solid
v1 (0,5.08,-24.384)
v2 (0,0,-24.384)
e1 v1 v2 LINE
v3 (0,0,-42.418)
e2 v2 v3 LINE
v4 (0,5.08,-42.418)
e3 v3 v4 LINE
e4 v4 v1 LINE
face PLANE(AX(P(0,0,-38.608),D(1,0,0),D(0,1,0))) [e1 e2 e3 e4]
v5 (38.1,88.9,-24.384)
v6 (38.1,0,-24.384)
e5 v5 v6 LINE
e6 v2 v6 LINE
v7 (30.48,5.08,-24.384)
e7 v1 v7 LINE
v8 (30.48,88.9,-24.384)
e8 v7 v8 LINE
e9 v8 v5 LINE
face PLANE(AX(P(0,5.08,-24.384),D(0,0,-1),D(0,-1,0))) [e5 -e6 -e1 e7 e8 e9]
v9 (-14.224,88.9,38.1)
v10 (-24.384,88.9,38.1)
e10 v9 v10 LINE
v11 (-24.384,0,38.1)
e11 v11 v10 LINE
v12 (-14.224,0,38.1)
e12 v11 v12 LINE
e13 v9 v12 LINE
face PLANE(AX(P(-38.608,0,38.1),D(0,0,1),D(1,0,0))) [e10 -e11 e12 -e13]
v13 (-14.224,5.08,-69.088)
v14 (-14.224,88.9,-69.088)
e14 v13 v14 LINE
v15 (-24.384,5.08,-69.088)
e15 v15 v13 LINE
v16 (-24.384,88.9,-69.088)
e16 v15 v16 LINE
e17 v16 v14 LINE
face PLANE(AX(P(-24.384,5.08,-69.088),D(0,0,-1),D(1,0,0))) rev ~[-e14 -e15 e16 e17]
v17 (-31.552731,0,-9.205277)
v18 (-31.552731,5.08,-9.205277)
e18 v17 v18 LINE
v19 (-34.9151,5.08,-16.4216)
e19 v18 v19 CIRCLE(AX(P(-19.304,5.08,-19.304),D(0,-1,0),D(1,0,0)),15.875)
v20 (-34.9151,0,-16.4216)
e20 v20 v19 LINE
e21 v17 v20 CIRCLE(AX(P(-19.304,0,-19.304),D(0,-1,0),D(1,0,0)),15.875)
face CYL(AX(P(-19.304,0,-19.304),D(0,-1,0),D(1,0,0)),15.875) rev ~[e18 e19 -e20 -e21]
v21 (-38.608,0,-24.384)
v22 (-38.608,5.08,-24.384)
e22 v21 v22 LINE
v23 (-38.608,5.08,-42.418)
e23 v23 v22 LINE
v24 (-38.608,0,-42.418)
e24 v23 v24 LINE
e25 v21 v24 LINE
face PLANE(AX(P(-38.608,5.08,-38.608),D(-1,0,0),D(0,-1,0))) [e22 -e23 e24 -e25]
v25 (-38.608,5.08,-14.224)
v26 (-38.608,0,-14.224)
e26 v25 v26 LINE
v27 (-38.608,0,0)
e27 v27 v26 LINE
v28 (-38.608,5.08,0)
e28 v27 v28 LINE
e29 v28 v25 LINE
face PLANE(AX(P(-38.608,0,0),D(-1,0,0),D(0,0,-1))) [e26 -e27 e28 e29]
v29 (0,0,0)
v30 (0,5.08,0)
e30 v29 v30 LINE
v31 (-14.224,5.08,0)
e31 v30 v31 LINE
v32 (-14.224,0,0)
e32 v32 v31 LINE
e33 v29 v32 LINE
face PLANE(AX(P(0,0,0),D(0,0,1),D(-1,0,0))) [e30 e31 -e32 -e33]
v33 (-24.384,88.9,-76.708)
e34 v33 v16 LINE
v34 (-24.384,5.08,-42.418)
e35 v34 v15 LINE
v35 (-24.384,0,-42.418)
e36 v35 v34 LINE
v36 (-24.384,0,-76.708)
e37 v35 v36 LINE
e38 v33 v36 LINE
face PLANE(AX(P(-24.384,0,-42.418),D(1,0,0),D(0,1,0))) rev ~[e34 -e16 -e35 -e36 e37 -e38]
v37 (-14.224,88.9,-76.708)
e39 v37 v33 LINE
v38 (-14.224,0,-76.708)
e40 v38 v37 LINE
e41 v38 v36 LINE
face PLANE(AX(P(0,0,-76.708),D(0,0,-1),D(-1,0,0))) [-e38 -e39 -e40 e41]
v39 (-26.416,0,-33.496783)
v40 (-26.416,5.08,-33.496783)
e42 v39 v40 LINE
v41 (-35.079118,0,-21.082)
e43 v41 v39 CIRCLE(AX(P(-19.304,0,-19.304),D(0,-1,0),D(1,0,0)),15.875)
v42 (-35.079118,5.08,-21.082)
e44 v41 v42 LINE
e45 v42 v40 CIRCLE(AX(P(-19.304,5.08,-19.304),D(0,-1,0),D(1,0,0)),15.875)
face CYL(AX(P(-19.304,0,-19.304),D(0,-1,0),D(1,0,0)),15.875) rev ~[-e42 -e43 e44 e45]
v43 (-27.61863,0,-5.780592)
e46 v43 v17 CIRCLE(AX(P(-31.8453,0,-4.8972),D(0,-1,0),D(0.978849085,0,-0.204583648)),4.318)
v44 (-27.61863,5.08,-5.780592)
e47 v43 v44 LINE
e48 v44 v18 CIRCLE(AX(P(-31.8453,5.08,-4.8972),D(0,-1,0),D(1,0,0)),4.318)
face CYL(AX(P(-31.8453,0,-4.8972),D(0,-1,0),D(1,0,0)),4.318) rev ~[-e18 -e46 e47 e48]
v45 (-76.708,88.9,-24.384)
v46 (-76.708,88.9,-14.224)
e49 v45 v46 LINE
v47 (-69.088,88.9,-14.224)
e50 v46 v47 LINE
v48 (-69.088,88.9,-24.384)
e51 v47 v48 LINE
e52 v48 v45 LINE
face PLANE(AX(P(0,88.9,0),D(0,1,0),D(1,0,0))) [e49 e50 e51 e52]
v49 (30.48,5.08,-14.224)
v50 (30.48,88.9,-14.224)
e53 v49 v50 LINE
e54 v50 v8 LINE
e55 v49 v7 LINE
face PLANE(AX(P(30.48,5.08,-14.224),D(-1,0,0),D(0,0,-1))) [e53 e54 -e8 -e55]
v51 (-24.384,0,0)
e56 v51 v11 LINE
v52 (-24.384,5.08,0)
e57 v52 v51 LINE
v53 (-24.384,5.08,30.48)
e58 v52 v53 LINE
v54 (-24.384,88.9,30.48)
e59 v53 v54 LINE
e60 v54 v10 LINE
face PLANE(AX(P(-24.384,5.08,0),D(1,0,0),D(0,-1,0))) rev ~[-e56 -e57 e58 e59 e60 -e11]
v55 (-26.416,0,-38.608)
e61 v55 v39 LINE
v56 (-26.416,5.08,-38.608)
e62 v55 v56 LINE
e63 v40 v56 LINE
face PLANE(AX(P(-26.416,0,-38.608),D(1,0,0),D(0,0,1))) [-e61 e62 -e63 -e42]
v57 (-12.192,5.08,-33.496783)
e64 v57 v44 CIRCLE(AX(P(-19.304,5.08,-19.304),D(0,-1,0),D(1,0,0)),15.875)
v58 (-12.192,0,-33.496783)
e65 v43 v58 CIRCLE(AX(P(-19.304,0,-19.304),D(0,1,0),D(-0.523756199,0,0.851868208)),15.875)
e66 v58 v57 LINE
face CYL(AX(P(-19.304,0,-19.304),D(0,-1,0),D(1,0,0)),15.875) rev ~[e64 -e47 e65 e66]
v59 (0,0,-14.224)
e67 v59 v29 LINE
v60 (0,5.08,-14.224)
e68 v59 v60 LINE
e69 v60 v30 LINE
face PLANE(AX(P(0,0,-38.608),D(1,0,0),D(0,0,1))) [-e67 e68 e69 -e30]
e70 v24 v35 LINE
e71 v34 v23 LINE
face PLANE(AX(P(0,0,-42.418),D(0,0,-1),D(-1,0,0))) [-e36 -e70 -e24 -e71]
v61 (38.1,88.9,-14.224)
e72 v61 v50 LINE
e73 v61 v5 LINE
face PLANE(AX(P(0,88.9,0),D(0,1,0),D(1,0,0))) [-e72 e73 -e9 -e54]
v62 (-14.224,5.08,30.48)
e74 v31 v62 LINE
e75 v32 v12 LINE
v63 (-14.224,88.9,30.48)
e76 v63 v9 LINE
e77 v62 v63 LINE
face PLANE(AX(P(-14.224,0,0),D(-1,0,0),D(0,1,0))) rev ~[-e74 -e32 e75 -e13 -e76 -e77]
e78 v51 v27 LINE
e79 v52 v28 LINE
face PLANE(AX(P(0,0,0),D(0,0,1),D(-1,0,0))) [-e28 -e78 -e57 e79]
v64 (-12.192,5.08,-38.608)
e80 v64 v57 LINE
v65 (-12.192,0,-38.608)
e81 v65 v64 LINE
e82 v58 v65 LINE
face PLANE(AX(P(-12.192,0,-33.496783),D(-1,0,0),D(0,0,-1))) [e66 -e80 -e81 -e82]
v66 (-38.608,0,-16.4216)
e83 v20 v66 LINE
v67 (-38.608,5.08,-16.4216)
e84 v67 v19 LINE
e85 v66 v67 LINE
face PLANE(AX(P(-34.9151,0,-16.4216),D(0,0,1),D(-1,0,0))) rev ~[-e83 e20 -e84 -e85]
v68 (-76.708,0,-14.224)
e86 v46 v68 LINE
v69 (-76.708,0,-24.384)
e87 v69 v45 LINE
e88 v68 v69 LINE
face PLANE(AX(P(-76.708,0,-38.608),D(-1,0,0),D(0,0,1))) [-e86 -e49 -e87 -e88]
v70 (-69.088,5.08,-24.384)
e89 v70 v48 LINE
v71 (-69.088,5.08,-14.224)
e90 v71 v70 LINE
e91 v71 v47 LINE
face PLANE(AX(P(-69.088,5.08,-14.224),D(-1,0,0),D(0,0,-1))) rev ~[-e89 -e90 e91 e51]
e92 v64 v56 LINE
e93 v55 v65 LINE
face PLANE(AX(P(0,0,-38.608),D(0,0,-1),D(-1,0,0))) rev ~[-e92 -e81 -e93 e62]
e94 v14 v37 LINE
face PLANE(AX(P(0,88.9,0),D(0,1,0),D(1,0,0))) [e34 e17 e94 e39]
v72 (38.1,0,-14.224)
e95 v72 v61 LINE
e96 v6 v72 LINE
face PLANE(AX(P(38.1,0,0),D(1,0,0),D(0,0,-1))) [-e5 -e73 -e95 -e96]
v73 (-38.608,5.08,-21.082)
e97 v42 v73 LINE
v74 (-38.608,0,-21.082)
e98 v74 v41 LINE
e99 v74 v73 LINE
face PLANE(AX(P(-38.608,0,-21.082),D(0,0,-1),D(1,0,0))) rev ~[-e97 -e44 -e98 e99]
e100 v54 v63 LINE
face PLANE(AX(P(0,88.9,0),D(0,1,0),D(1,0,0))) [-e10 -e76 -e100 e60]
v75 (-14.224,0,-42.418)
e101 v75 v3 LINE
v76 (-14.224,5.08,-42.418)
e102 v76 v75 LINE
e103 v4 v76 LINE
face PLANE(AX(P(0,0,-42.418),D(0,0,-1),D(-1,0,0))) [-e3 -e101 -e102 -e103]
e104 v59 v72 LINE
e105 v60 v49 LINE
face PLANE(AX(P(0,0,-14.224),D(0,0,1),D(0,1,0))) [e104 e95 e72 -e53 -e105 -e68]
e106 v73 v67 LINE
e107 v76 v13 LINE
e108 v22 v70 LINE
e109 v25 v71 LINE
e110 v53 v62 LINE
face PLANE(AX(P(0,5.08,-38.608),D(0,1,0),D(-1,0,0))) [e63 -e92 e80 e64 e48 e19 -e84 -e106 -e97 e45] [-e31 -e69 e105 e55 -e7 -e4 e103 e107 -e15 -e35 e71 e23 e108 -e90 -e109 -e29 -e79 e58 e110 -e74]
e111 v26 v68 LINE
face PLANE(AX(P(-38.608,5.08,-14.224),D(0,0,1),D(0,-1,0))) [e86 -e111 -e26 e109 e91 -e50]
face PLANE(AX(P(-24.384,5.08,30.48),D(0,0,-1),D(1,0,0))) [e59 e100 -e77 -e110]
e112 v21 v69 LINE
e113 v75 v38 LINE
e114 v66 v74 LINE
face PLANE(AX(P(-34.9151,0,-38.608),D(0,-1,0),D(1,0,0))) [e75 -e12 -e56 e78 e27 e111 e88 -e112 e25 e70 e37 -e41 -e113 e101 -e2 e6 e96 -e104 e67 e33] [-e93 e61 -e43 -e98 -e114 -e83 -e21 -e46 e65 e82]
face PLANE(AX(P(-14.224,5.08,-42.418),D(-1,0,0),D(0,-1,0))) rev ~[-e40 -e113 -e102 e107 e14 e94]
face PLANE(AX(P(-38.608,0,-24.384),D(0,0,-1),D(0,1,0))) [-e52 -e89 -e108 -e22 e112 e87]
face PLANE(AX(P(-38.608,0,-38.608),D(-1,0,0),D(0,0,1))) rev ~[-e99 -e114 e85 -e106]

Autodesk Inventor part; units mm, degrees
ref_plane "YZ Plane" through (0, 0, 0) normal (1, 0, 0) x (0, 1, 0)
ref_plane "XZ Plane" through (0, 0, 0) normal (0, 1, 0) x (-1, 0, 0)
ref_plane "XY Plane" through (0, 0, 0) normal (0, 0, 1) x (1, 0, 0)
sketch "Sketch1" plane through (0, 0, 0) normal (0, 1, 0) x (-1, 0, 0)
  line L0 (0, 0) -> (38.608, 0)
  line L1 (38.608, 0) -> (38.608, -38.608)
  line L2 (38.608, -38.608) -> (0, -38.608)
  line L3 (0, -38.608) -> (0, 0)
  dimension "d0" = 38.608
  dimension "d1" = 38.608
extrude "Extrusion1" add sketch "Sketch1" along normal blind 5.08
sketch "Sketch2" plane through (0, 0, 0) normal (0, -1, 0) x (1, 0, 0)
  line L0 (-38.608, 0) -> (0, 0) projected
  circle A0 centre (-19.304, -19.304) radius 15.875
  line L1 (-38.608, -38.608) -> (-38.608, 0) projected
  line L2 (-38.608, -19.304) -> (-38.608, -21.082)
  line L3 (-38.608, -21.082) -> (-34.9151, -21.082)
  line L4 (-34.9151, -21.082) -> (-34.9151, -16.4216)
  line L5 (-34.9151, -16.4216) -> (-38.608, -16.4216)
  line L6 (-38.608, -16.4216) -> (-38.608, -21.082)
  line L7 (-19.304, -19.304) -> (-19.304, -38.608)
  line L8 (0, -38.608) -> (-38.608, -38.608) projected
  line L9 (-12.192, -31.75) -> (-12.192, -38.608)
  line L10 (-12.192, -38.608) -> (-26.416, -38.608)
  line L11 (-26.416, -38.608) -> (-26.416, -31.75)
  line L12 (-26.416, -31.75) -> (-12.192, -31.75)
  line L13 (-12.192, -31.75) -> (-26.416, -38.608) construction
  line L14 (-12.192, -38.608) -> (-26.416, -31.75) construction
  line L15 (-19.304, -19.304) -> (-0.2032, -19.304) construction
  circle A1 centre (-31.8453, -4.8972) radius 4.318
  point P0 (-35.0791, -21.082)
  point P1 (-19.304, -35.179)
  point P2 (-26.416, -33.4968)
  point P3 (-12.192, -33.4968)
  point P4 (-31.5527, -9.2053)
  point P5 (-27.6186, -5.7806)
  dimension "d4" = 31.75
  dimension "d8" = 14.224
  dimension "d11" = 8.636
  dimension "d42" = 6.858
  dimension "d43" = 3.6929
  dimension "d44" = 4.6604
  dimension "d45" = 3.6929
extrude "Extrusion2" cut sketch "Sketch2" against normal blind 6.35 contours A0 L9 L12 L11 L3 L4 A1 | A1 A0 | A0 A1 | L9 L8 L7 A0 | A0 L7 L12 L9 | L7 L8 L11 A0 | A0 L11 L12 L7 | L4 L3 A0 | A0 L3 L1 L5
sketch "Sketch4" plane through (0, 0, 0) normal (1, 0, 0) x (0, 0, -1)
  line L0 (38.608, 0) -> (38.608, 5.08) projected
  line L1 (0, 5.08) -> (38.608, 5.08) projected
  line L2 (12.954, 6.35) -> (25.654, 6.35)
  line L3 (14.224, 0) -> (14.224, 6.35)
  line L4 (14.224, 6.35) -> (24.384, 6.35)
  line L5 (24.384, 6.35) -> (24.384, 0)
  line L6 (24.384, 0) -> (14.224, 0)
  line L7 (14.224, 0) -> (24.384, 6.35) construction
  line L8 (14.224, 6.35) -> (24.384, 0) construction
  point P0 (0, 0)
  point P1 (19.304, 3.175)
  point P2 (24.384, 5.08)
  point P3 (14.224, 5.08)
  dimension "d19" = 10.16
extrude "Extrusion4" add sketch "Sketch4" along normal blind 38.1 contours L1 L5 L6 L3
sketch "Sketch6" plane through (-38.608, 0, 0) normal (0, 0, 1) x (1, 0, 0)
  line L0 (0, 0) -> (3.6929, 0) projected
  line L1 (38.608, 5.08) -> (76.708, 5.08) projected
  line L2 (0, 0) -> (0, 5.08) projected
  line L3 (38.608, 0) -> (76.708, 0) projected
  line L4 (0, 5.08) -> (38.608, 5.08) projected
  line L5 (24.384, 5.08) -> (14.224, 5.08)
  line L6 (0, 0) -> (38.608, 0) projected
  line L7 (14.224, 0) -> (24.384, 0)
  line L8 (24.384, 0) -> (24.384, 5.08)
  line L9 (24.384, 5.08) -> (14.224, 5.08)
  line L10 (14.224, 5.08) -> (14.224, 0)
  line L11 (14.224, 0) -> (24.384, 5.08) construction
  line L12 (24.384, 0) -> (14.224, 5.08) construction
  point P0 (19.304, 2.54)
  dimension "d24" = 10.16
sketch "Sketch7" plane through (-38.608, 0, -38.608) normal (-1, 0, 0) x (0, 0, 1)
  line L0 (0, 0) -> (0, 5.08) projected
  line L1 (22.1864, 0) -> (38.608, 0) projected
  line L2 (22.1864, 5.08) -> (38.608, 5.08) projected
  line L3 (38.608, 0) -> (38.608, 5.08) projected
  line L4 (5.1112, 5.08) -> (35.179, 5.08) projected
  line L5 (24.384, 0) -> (14.224, 0)
  line L6 (14.224, 0) -> (14.224, 5.08)
  line L7 (14.224, 5.08) -> (24.384, 5.08)
  line L8 (24.384, 5.08) -> (24.384, 0)
  line L9 (24.384, 0) -> (14.224, 5.08) construction
  line L10 (14.224, 0) -> (24.384, 5.08) construction
  point P0 (32.8274, 5.08)
  point P1 (19.304, 2.54)
  dimension "d25" = 10.16
extrude "Extrusion5" add sketch "Sketch6" along normal blind 38.1 contours L10 L4 L8 L6
extrude "Extrusion6" add sketch "Sketch7" along normal blind 38.1 contours L5 L6 L4 L2 L8 L1
sketch "Sketch8" plane through (0, 0, -38.608) normal (0, 0, -1) x (-1, 0, 0)
  line L0 (0, 0) -> (0, 5.08) projected
  line L1 (38.608, 0) -> (34.9151, 0) projected
  line L2 (0, 5.08) -> (38.608, 5.08)
  line L3 (38.608, 5.08) -> (38.608, 0)
  line L4 (38.608, 0) -> (0, 0)
  line L5 (0, 0) -> (0, 5.08)
extrude "Extrusion7" add sketch "Sketch8" along normal blind 3.81
sketch "Sketch9" plane through (0, 0, -42.418) normal (0, 0, -1) x (-1, 0, 0)
  line L0 (38.608, 5.08) -> (0, 5.08) projected
  line L1 (38.608, 0) -> (76.708, 0) projected
  line L2 (3.429, 5.08) -> (27.6186, 5.08) projected
  line L3 (14.224, 0) -> (24.384, 0)
  line L4 (24.384, 0) -> (24.384, 5.08)
  line L5 (24.384, 5.08) -> (14.224, 5.08)
  line L6 (14.224, 5.08) -> (14.224, 0)
  line L7 (14.224, 0) -> (24.384, 5.08) construction
  line L8 (24.384, 0) -> (14.224, 5.08) construction
  point P0 (0, 0)
  point P1 (12.192, 5.08)
  point P2 (19.304, 2.54)
  point P3 (14.224, 5.08)
  dimension "d32" = 10.16
extrude "Extrusion8" add sketch "Sketch9" along normal blind 34.29
sketch "Sketch10" plane through (0, 5.08, 0) normal (0, 1, 0) x (1, 0, 0)
  line L0 (-76.708, 24.384) -> (-76.708, 14.224) projected
  line L1 (-38.608, 24.384) -> (-76.708, 24.384) projected
  line L2 (-76.708, 14.224) -> (-69.088, 14.224)
  line L3 (-69.088, 14.224) -> (-69.088, 24.384)
  line L4 (-69.088, 24.384) -> (-76.708, 24.384)
  line L5 (-76.708, 24.384) -> (-76.708, 14.224)
  line L6 (-14.224, 76.708) -> (-24.384, 76.708) projected
  line L7 (-14.224, 76.708) -> (-24.384, 76.708)
  line L8 (-24.384, 76.708) -> (-24.384, 69.088)
  line L9 (-24.384, 69.088) -> (-14.224, 69.088)
  line L10 (-14.224, 69.088) -> (-14.224, 76.708)
  line L11 (38.1, 14.224) -> (38.1, 24.384) projected
  line L12 (0, 24.384) -> (38.1, 24.384) projected
  line L13 (38.1, 14.224) -> (30.48, 14.224)
  line L14 (30.48, 14.224) -> (30.48, 24.384)
  line L15 (30.48, 24.384) -> (38.1, 24.384)
  line L16 (38.1, 24.384) -> (38.1, 14.224)
  line L17 (-14.224, 0) -> (-14.224, -38.1) projected
  line L18 (-24.384, 0) -> (-24.384, -38.1) projected
  line L19 (-14.224, -38.1) -> (-24.384, -38.1)
  line L20 (-24.384, -38.1) -> (-24.384, -30.48)
  line L21 (-24.384, -30.48) -> (-14.224, -30.48)
  line L22 (-14.224, -30.48) -> (-14.224, -38.1)
  point P0 (0, 0)
  dimension "d35" = 7.62
  dimension "d36" = 10.16
  dimension "d37" = 7.62
  dimension "d38" = 7.62
  dimension "d39" = 7.62
extrude "Extrusion9" add sketch "Sketch10" along normal blind 83.82
properties part number "Camera Stand 2.0"
